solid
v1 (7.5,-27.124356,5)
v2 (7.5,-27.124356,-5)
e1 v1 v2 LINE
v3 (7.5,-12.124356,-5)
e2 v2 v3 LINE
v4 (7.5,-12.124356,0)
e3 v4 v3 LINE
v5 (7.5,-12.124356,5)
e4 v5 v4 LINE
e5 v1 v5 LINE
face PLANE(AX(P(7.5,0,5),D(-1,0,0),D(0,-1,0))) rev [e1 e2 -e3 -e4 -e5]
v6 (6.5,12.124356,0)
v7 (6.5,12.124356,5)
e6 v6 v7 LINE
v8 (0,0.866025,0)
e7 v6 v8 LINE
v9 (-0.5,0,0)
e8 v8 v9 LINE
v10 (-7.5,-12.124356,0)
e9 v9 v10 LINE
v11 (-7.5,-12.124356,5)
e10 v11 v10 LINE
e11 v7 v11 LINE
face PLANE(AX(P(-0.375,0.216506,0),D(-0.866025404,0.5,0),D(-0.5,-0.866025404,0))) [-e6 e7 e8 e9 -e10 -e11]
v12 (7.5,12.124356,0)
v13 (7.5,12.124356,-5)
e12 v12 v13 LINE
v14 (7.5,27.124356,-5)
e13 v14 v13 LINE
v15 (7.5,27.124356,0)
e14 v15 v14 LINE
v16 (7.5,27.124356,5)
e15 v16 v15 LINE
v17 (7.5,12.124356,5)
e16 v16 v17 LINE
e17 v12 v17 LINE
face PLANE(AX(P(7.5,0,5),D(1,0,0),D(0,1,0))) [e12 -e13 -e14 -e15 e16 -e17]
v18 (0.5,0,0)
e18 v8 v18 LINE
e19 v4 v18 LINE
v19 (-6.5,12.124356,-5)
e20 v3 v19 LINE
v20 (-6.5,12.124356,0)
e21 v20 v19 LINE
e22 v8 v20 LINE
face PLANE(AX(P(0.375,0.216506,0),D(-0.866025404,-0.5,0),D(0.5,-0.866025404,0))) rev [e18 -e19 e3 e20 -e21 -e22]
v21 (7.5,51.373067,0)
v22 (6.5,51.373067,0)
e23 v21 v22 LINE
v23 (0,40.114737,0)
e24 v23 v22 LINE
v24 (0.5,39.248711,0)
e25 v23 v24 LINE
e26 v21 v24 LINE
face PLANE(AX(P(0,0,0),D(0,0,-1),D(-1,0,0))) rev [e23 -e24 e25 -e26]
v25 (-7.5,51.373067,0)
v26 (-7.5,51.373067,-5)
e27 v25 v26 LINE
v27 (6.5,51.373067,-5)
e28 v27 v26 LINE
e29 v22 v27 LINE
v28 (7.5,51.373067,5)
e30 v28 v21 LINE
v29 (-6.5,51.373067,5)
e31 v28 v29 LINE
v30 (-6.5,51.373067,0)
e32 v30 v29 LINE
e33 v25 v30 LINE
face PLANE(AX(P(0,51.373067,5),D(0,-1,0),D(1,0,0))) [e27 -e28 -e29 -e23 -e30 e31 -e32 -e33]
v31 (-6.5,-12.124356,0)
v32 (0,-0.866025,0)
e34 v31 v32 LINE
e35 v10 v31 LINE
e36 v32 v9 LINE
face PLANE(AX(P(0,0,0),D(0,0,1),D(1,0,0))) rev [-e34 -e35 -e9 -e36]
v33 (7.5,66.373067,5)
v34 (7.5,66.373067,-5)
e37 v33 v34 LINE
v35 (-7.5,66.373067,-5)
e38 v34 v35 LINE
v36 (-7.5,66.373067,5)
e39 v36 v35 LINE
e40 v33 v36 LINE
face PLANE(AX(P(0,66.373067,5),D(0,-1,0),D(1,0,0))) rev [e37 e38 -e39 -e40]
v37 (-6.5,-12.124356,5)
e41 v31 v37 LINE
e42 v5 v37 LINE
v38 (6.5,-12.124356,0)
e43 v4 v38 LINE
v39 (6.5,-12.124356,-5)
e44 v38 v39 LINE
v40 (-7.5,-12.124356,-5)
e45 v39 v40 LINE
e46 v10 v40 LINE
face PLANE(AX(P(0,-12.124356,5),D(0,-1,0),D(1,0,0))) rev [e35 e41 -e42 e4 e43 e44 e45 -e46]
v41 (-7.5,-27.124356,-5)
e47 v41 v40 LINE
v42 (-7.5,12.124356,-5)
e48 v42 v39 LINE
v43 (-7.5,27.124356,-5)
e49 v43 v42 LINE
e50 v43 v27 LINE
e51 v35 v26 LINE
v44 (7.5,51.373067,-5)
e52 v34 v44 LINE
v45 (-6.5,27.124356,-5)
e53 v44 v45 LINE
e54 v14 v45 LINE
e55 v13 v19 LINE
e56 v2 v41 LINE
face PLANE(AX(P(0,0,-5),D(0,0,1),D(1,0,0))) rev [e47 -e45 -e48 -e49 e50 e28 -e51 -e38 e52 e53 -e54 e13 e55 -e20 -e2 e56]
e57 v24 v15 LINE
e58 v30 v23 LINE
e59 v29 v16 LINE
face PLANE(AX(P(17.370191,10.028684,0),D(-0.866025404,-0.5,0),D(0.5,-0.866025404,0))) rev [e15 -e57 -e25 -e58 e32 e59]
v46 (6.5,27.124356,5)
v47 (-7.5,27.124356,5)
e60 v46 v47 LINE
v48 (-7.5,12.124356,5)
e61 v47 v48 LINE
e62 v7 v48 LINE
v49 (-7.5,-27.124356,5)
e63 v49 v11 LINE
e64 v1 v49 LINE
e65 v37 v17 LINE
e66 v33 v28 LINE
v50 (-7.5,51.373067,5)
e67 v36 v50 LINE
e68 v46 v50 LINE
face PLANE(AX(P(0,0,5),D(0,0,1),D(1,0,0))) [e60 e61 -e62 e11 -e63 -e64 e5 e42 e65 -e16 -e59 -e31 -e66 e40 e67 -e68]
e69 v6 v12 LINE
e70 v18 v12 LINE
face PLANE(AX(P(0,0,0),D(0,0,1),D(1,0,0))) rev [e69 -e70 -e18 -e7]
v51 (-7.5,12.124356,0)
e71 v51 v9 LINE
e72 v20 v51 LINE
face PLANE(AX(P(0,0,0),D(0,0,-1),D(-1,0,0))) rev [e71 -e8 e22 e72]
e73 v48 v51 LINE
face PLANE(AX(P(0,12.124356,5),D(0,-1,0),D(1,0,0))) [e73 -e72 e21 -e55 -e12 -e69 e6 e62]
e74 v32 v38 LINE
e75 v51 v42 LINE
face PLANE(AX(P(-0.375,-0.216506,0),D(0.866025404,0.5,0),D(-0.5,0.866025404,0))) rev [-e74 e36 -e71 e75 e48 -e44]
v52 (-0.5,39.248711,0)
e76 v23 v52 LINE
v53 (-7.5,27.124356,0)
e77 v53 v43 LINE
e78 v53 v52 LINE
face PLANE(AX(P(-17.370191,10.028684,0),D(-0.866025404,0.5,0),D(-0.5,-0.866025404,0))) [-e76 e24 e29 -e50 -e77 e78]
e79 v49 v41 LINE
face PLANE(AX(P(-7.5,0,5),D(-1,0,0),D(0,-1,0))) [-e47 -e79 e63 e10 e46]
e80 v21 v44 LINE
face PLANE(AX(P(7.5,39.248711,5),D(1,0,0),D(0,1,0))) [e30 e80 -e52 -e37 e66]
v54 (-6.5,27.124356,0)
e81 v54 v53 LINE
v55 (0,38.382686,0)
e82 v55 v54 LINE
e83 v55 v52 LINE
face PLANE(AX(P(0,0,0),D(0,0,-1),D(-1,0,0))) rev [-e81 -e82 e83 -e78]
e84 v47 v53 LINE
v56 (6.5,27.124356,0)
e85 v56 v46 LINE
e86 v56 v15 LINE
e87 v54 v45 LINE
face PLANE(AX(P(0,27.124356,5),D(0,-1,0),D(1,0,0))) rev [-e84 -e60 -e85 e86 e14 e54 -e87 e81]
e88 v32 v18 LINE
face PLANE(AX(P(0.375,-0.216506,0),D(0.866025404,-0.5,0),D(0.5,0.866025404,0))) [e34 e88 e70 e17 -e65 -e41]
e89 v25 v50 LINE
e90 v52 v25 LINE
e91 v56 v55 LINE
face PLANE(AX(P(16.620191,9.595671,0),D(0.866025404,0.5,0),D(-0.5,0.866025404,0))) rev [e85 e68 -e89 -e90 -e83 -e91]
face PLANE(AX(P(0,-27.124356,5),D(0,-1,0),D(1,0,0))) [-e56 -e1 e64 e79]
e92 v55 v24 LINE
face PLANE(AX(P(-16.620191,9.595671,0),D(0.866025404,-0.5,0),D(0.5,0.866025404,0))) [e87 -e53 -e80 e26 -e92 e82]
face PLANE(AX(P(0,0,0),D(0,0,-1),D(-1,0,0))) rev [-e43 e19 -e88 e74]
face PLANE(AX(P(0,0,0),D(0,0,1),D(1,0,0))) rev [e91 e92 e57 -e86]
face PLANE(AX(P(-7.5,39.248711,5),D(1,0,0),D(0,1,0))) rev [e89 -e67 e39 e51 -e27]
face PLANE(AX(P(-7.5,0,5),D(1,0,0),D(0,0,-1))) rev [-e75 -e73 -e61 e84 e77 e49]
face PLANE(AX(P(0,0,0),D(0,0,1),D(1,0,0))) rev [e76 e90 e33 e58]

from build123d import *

# Parameters (mm, degrees)
SKETCH1_W           = 15
SKETCH1_H           = 15
BOSS_EXTRUDE1_DEPTH = 5
BOSS_EXTRUDE2_START = 5
BOSS_EXTRUDE2_DEPTH = 5
BOSS_EXTRUDE3_START = -5
BOSS_EXTRUDE3_DEPTH = 5
SKETCH1_5_W         = 15
SKETCH1_5_H         = 15
BOSS_EXTRUDE4_DEPTH = 5


with BuildPart() as part:
    # Sketch1 → Boss-Extrude1 (new, symmetric)
    with BuildSketch(Plane.XY):
        with Locations((0, -19.624355653)):
            Rectangle(SKETCH1_W, SKETCH1_H)
    boss_extrude1 = extrude(amount=BOSS_EXTRUDE1_DEPTH, both=True)

    # Sketch1<3> → Boss-Extrude2 (add)
    with BuildSketch(Plane.XY.offset(BOSS_EXTRUDE2_START)):
        Polygon((-6.5, -12.124355653), (0, -0.866025404), (-0.5, 0), (-7.5, -12.124355653), align=None)
        Polygon((0.5, 0), (7.5, 12.124355653), (6.5, 12.124355653), (0, 0.866025404), align=None)
        Polygon((0, -0.866025404), (0.5, 0), (0, 0.866025404), (-0.5, 0), align=None)
    boss_extrude2 = extrude(amount=-BOSS_EXTRUDE2_DEPTH)

    # Sketch1<4> → Boss-Extrude3 (add)
    with BuildSketch(Plane.XY.offset(BOSS_EXTRUDE3_START)):
        Polygon((0, 0.866025404), (-6.5, 12.124355653), (-7.5, 12.124355653), (-0.5, 0), align=None)
        Polygon((7.5, -12.124355653), (0.5, 0), (0, -0.866025404), (6.5, -12.124355653), align=None)
        Polygon((0, -0.866025404), (0.5, 0), (0, 0.866025404), (-0.5, 0), align=None)
    boss_extrude3 = extrude(amount=BOSS_EXTRUDE3_DEPTH)

    # Sketch1<5> → Boss-Extrude4 (add, symmetric)
    with BuildSketch(Plane.XY):
        with Locations((0, 19.624355653)):
            Rectangle(SKETCH1_5_W, SKETCH1_5_H)
    extrude(amount=BOSS_EXTRUDE4_DEPTH, both=True)

    # Mirror2: Boss-Extrude2, Boss-Extrude3 across plane
    add(boss_extrude2.mirror(Plane(origin=(0, 19.624355653, 0), x_dir=(0, 0, 1), z_dir=(0, -1, 0))))
    add(boss_extrude3.mirror(Plane(origin=(0, 19.624355653, 0), x_dir=(0, 0, 1), z_dir=(0, -1, 0))))

    # Mirror3: Boss-Extrude1 across plane
    add(boss_extrude1.mirror(Plane(origin=(0, 19.624355653, 0), x_dir=(0, 0, 1), z_dir=(0, -1, 0))))


solid = part.part
